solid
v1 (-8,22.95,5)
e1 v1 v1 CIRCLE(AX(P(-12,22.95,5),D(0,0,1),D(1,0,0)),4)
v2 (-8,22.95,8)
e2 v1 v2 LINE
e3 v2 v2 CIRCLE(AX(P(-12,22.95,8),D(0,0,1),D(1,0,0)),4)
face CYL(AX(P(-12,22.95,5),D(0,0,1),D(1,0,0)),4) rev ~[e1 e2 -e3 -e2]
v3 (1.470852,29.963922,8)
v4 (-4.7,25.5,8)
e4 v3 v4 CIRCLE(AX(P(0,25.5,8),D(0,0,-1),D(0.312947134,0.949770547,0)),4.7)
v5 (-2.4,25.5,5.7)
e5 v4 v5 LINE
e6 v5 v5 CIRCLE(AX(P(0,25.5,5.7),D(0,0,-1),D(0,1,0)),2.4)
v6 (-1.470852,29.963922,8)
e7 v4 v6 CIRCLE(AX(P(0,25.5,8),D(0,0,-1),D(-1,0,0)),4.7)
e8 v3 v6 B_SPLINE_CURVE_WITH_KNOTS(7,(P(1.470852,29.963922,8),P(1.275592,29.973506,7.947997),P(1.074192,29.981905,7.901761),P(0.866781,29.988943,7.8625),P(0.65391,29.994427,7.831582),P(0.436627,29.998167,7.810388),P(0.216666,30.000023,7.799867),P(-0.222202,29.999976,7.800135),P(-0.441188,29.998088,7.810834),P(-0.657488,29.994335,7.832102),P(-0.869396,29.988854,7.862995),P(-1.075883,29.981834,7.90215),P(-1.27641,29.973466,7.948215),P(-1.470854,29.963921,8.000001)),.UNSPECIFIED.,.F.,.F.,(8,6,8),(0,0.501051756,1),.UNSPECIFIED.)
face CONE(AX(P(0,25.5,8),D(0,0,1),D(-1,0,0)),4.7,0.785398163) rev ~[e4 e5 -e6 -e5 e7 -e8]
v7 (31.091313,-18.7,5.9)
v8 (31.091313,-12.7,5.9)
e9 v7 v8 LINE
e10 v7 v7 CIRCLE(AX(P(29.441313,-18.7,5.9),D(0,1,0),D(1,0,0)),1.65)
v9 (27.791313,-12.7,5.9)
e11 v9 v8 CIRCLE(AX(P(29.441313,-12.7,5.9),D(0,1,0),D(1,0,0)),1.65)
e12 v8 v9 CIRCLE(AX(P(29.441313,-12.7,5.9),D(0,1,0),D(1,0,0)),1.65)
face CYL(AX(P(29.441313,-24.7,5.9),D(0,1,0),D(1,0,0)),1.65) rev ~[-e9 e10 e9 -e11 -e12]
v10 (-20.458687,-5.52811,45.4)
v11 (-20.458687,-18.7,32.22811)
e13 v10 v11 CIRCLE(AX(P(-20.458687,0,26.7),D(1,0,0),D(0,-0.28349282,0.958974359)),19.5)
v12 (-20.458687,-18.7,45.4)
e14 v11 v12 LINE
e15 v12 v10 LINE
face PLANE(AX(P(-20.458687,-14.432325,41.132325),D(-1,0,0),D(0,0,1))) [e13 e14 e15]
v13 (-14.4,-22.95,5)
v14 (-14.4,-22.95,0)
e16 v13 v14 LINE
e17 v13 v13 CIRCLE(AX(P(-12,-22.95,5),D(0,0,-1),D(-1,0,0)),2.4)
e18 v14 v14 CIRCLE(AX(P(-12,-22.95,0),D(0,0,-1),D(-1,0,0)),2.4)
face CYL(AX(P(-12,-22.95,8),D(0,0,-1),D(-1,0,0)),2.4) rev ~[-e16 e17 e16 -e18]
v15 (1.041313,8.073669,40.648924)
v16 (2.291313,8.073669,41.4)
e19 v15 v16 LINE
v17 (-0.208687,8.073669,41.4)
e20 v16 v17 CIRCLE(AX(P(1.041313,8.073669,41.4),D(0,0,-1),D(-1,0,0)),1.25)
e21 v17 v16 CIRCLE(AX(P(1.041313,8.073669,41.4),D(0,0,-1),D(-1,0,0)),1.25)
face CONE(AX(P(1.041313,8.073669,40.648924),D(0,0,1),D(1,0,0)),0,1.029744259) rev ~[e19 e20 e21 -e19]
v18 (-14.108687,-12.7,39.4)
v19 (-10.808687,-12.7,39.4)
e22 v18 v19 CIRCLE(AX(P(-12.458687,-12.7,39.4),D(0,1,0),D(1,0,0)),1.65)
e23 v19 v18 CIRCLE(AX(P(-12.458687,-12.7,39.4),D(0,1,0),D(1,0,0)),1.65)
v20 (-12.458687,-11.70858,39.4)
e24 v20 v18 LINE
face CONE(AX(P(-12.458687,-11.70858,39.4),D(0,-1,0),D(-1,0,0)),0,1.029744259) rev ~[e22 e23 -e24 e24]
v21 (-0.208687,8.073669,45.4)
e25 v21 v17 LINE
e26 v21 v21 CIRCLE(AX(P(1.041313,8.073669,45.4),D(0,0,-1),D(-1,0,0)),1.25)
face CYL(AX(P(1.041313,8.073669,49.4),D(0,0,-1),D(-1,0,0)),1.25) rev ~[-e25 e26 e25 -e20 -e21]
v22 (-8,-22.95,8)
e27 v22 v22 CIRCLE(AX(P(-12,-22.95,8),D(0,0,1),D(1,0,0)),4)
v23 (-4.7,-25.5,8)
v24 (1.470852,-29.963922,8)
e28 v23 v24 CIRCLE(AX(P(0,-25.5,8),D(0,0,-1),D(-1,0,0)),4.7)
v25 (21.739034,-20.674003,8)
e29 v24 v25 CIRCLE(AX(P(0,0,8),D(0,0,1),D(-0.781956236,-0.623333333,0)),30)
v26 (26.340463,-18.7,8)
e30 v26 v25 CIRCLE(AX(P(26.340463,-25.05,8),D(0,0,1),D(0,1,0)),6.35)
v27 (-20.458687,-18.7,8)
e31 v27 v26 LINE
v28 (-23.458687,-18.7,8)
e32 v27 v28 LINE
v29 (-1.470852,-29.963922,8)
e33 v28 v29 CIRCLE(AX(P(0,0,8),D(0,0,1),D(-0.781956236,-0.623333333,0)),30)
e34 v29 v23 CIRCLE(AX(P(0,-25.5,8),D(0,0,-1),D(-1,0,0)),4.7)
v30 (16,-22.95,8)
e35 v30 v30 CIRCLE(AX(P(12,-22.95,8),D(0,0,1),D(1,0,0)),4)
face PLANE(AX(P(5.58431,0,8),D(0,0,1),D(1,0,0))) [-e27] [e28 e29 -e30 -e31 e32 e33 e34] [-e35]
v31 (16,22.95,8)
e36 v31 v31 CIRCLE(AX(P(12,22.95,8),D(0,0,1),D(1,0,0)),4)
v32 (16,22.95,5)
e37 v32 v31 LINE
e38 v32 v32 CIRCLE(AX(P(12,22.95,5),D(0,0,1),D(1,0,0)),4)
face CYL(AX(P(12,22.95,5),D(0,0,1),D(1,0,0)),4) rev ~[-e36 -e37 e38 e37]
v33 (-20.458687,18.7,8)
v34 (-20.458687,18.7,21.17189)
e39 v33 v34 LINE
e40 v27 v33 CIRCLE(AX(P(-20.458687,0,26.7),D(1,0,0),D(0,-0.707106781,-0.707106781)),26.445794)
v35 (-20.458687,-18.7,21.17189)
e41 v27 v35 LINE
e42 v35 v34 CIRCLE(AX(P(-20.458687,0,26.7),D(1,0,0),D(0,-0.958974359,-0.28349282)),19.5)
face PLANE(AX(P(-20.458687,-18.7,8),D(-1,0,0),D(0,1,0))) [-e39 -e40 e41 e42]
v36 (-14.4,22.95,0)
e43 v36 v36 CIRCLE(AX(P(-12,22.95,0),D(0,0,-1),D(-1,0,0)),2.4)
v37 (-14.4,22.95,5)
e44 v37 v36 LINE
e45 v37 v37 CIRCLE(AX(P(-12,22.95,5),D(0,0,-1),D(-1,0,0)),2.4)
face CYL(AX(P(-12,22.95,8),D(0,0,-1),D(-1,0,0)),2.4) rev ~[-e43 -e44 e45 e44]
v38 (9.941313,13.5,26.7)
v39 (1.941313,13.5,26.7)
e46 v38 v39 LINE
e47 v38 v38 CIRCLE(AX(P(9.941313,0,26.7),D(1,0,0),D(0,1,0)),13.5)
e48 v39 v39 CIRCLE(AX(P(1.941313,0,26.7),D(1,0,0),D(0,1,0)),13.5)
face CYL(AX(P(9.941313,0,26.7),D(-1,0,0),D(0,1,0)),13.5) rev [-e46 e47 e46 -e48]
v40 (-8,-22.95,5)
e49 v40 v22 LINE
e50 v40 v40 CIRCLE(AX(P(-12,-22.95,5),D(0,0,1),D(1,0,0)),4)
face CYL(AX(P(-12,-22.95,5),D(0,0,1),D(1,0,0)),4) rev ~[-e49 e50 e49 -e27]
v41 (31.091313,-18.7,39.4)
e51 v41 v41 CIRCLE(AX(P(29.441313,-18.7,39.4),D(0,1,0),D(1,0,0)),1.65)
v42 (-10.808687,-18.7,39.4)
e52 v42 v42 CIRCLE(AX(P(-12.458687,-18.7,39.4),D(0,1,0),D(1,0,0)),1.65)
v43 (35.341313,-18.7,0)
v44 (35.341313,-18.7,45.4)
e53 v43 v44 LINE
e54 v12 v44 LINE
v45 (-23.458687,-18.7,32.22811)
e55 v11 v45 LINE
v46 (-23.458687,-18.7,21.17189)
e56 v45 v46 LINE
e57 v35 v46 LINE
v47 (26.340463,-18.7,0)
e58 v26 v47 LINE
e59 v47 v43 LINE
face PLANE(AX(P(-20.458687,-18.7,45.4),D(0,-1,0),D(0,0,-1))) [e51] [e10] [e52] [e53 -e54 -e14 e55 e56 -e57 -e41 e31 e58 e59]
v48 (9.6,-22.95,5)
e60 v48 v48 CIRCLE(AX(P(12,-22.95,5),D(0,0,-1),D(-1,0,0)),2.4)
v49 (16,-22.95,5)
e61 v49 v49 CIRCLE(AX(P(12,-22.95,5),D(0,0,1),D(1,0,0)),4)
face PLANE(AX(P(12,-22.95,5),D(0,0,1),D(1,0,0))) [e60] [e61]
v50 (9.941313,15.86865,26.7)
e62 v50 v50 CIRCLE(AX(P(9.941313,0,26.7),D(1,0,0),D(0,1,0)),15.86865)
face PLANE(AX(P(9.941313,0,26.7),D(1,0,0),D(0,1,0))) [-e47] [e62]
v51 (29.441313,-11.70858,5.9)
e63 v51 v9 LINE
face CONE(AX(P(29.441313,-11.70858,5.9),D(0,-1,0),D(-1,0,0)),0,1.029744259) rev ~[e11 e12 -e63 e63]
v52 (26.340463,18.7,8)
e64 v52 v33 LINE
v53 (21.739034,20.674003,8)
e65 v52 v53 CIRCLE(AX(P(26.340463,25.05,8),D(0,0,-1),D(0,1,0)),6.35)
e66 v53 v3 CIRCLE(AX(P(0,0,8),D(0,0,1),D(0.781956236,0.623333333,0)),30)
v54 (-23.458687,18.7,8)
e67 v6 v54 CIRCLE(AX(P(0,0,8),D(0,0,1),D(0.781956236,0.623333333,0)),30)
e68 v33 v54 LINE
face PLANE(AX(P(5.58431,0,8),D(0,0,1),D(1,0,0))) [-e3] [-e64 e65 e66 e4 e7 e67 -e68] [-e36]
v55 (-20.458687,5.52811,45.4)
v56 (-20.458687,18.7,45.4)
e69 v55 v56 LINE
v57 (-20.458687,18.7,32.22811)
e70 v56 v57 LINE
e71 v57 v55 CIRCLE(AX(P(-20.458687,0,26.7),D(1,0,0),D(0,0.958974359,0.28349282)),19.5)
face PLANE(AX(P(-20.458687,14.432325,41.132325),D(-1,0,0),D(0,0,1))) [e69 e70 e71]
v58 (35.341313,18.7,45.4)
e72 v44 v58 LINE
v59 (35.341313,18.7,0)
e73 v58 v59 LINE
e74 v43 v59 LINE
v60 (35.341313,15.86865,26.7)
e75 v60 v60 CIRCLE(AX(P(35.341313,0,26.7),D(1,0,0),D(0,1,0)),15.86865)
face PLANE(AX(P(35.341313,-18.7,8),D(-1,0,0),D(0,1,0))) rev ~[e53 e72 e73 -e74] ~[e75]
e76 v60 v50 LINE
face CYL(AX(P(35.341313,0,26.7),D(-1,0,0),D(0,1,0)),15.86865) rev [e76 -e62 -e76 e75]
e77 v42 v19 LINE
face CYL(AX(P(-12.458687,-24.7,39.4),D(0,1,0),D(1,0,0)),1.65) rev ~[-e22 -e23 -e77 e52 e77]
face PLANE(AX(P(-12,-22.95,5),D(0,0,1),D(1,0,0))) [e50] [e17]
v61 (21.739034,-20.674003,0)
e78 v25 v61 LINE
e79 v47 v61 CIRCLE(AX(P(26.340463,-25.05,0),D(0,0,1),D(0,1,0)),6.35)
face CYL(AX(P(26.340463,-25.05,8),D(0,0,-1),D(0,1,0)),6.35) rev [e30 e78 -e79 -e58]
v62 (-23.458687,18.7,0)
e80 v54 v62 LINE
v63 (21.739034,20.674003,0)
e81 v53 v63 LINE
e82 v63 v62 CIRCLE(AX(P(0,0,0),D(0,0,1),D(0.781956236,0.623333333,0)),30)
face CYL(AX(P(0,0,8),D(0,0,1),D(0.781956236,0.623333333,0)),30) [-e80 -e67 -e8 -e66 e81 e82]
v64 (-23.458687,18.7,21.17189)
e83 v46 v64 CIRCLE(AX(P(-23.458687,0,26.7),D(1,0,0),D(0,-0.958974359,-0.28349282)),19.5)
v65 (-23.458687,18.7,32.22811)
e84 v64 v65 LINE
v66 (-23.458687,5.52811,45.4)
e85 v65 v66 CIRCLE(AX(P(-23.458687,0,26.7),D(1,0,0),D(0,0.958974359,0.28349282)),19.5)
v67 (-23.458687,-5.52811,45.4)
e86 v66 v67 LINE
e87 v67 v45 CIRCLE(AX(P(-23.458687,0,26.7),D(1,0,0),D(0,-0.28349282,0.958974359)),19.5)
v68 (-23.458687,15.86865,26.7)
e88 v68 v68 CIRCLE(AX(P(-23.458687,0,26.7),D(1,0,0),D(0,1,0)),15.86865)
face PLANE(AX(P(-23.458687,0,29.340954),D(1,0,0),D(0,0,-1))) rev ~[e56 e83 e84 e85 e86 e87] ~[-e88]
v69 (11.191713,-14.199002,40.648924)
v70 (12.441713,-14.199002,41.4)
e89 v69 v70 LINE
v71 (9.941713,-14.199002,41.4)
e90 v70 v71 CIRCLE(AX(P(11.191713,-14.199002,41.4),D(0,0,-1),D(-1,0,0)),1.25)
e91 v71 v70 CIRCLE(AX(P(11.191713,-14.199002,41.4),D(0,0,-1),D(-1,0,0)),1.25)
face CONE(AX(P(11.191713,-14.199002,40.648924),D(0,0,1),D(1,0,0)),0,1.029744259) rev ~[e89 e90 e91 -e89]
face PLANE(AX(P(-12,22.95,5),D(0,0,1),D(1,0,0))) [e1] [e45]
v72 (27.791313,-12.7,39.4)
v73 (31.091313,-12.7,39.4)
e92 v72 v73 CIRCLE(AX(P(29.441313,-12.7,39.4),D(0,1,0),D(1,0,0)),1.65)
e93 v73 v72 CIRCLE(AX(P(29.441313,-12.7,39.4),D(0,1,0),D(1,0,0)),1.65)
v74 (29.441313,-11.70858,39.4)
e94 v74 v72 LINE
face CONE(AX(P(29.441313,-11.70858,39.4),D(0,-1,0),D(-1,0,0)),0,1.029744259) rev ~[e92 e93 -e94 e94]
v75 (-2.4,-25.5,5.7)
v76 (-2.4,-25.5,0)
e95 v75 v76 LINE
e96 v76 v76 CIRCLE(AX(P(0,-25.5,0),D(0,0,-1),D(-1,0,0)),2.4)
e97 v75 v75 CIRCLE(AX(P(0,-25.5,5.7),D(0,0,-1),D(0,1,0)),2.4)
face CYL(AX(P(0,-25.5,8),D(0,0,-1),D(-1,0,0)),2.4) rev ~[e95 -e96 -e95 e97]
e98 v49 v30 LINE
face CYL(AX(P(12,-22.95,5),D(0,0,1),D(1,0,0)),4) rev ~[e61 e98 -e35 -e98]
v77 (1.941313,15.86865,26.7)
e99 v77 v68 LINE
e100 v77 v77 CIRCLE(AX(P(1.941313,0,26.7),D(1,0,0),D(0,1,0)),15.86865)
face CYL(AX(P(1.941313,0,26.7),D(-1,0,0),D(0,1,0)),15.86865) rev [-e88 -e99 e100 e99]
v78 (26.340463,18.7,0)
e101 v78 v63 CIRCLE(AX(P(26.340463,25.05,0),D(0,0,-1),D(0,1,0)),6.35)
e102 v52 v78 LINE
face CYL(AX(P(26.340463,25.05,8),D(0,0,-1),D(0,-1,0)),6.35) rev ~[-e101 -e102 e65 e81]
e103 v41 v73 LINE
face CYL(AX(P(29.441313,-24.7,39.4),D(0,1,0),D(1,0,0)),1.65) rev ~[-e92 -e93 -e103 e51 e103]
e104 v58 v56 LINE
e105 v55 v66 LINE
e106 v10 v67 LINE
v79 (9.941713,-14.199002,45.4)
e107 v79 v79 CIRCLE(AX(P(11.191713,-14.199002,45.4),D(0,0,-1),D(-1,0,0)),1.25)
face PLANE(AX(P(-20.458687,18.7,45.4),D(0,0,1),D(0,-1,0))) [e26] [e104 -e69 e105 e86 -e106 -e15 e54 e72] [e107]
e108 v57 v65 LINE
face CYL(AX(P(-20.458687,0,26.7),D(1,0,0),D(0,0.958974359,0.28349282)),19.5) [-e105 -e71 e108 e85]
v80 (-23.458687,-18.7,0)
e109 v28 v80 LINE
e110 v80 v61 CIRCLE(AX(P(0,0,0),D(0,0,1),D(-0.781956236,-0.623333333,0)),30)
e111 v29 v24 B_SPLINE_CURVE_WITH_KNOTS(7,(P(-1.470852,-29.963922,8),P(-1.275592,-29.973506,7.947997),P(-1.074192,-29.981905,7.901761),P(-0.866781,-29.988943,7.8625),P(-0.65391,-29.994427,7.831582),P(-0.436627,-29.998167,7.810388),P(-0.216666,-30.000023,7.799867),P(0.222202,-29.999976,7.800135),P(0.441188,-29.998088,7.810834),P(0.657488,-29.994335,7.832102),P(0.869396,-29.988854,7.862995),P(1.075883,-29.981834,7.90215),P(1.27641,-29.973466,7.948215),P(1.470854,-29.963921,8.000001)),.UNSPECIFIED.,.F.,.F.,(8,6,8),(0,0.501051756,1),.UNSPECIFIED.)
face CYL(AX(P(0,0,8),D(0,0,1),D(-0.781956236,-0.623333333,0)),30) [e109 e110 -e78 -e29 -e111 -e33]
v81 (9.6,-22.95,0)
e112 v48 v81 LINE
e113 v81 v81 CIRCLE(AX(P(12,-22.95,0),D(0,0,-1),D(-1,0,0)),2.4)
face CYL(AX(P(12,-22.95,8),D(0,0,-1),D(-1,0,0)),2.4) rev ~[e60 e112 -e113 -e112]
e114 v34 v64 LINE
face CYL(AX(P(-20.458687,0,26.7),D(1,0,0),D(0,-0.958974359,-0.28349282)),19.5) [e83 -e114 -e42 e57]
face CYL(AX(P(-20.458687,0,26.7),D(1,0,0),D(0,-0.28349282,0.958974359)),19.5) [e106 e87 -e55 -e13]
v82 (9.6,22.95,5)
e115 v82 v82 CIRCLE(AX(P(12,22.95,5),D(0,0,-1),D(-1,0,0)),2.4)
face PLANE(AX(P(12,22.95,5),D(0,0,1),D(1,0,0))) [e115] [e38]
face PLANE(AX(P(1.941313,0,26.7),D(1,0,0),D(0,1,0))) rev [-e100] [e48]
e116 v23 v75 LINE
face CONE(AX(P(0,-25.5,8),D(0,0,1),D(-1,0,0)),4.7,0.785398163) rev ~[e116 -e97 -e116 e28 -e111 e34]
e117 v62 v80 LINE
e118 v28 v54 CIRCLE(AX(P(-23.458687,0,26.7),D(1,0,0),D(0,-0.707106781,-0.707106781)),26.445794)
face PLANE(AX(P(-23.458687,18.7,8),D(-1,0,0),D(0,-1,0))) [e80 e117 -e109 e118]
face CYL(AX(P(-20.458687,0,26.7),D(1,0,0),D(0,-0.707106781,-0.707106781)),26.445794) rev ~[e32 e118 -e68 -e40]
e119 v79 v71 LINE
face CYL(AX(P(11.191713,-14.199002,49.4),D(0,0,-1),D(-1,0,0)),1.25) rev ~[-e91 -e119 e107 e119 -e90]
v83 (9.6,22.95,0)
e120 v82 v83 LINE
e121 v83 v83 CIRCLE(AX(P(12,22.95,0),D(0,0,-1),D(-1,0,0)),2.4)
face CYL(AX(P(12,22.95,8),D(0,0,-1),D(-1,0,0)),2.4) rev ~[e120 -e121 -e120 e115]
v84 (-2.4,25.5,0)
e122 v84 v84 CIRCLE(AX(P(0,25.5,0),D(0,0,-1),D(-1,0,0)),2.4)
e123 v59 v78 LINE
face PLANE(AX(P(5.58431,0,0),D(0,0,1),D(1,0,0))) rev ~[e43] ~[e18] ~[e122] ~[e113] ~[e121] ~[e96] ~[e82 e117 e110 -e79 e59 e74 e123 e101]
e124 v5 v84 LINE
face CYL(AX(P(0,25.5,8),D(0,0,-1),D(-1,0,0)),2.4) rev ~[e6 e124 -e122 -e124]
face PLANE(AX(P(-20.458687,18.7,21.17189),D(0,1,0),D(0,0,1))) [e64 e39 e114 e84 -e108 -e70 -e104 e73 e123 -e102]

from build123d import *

# Parameters (mm, degrees)
BOSS_EXTRUDE1_DEPTH                             = 8
CUT_EXTRUDE1_REACH                              = 65.856
SKETCH4_W                                       = 55.8
SKETCH4_H                                       = 37.4
BOSS_EXTRUDE2_DEPTH                             = 37.4
BOSS_EXTRUDE3_DEPTH                             = 3
CUT_EXTRUDE2_START                              = -3
CUT_EXTRUDE2_DEPTH                              = 3
CUT_EXTRUDE3_START                              = -3
CUT_EXTRUDE3_DEPTH                              = 3
M4X0_7_TAPPED_HOLE1_D                           = 3.3
M4X0_7_TAPPED_HOLE1_DEPTH                       = 6
M4X0_7_TAPPED_HOLE1_TIP                         = 0.991420021
CSK_FOR_M4_FLAT_HEAD_MACHINE_SCREW1_D           = 4.8
CSK_FOR_M4_FLAT_HEAD_MACHINE_SCREW1_CSINK_D     = 9.4
CSK_FOR_M4_FLAT_HEAD_MACHINE_SCREW1_CSINK_ANGLE = 90
CBORE_FOR_M4_SHCS1_D                            = 4.8
CBORE_FOR_M4_SHCS1_CBORE_D                      = 8
CBORE_FOR_M4_SHCS1_CBORE_DEPTH                  = 3
M3X0_5_TAPPED_HOLE1_D                           = 2.5
M3X0_5_TAPPED_HOLE1_DEPTH                       = 4
M3X0_5_TAPPED_HOLE1_TIP                         = 0.751075774
FILLET1_R                                       = 6.35


with BuildPart() as part:
    # Sketch1 → Boss-Extrude1 (new body)
    with BuildSketch(Plane.XY.offset(8)):
        with BuildLine():
            Line((-23.45868709, 18.7), (-23.45868709, -18.7))
            ThreePointArc((-23.45868709, -18.7), (0, -30), (23.45868709, -18.7))
            Line((23.45868709, -18.7), (35.34131291, -18.7))
            Line((35.34131291, -18.7), (35.34131291, 18.7))
            Line((35.34131291, 18.7), (23.45868709, 18.7))
            ThreePointArc((23.45868709, 18.7), (0, 30), (-23.45868709, 18.7))
        make_face()
    extrude(amount=-BOSS_EXTRUDE1_DEPTH)

    # Sketch3 → Cut-Extrude1 (cut, up to next)
    with BuildSketch(Plane(origin=(-20.45868709, 0, 0), x_dir=(0, 0, -1), z_dir=(1, 0, 0)), mode=Mode.PRIVATE) as cut_extrude1_sk1:
        with BuildLine():
            Line((-8, 18.7), (-8, -18.7))
            ThreePointArc((-8, -18.7), (-0.254206384, 0), (-8, 18.7))
        make_face()
    cut_extrude1_tool1 = extrude(cut_extrude1_sk1.sketch, amount=-CUT_EXTRUDE1_REACH, mode=Mode.PRIVATE) & part.part
    add(cut_extrude1_tool1.solids().sort_by_distance((-20.458687, 0, 4.859168))[0], mode=Mode.SUBTRACT)

    # Sketch4 → Boss-Extrude2 (add)
    with BuildSketch(Plane.XY.offset(8)):
        with Locations((7.44131291, 0)):
            Rectangle(SKETCH4_W, SKETCH4_H)
    extrude(amount=BOSS_EXTRUDE2_DEPTH)

    # Sketch5 → Boss-Extrude3 (add)
    with BuildSketch(Plane.ZY.offset(20.45868709)):
        with BuildLine():
            Line((45.4, 18.7), (45.4, -18.7))
            Line((45.4, -18.7), (21.171890016, -18.7))
            ThreePointArc((21.171890016, -18.7), (7.2, 0), (21.171890016, 18.7))
            Line((21.171890016, 18.7), (45.4, 18.7))
        make_face()
    extrude(amount=BOSS_EXTRUDE3_DEPTH)

    # Sketch6 → Cut-Extrude2 (cut)
    with BuildSketch(Plane.ZY.offset(23.45868709).offset(CUT_EXTRUDE2_START)):
        with BuildLine():
            Line((45.4, -18.7), (45.4, -5.528109984))
            ThreePointArc((45.4, -5.528109984), (40.488582233, -13.788582233), (32.228109984, -18.7))
            Line((32.228109984, -18.7), (45.4, -18.7))
        make_face()
    extrude(amount=CUT_EXTRUDE2_DEPTH, mode=Mode.SUBTRACT)

    # Sketch7 → Cut-Extrude3 (cut)
    with BuildSketch(Plane.ZY.offset(23.45868709).offset(CUT_EXTRUDE3_START)):
        with BuildLine():
            Line((45.4, 18.7), (32.228109984, 18.7))
            ThreePointArc((32.228109984, 18.7), (40.488582233, 13.788582233), (45.4, 5.528109984))
            Line((45.4, 5.528109984), (45.4, 18.7))
        make_face()
    extrude(amount=CUT_EXTRUDE3_DEPTH, mode=Mode.SUBTRACT)

    # Sketch8 → Cut-Revolve1 (revolve, cut)
    with BuildSketch(Plane.XY.offset(26.7)):
        Polygon((-23.45868709, 15.86865), (-23.45868709, 0), (35.34131291, 0), (35.34131291, 15.86865), (9.94131291, 15.86865), (9.94131291, 13.5), (1.94131291, 13.5), (1.94131291, 15.86865), align=None)
    revolve(axis=Axis((-23.45868709, 0, 26.7), (1, 0, 0)), mode=Mode.SUBTRACT)

    # M4x0.7 Tapped Hole1
    with Locations(Plane(origin=(0, -18.7, 0), x_dir=(-1, 0, 0), z_dir=(0, -1, 0))):
        with Locations((12.45868709, -39.4), (-29.44131291, -39.4), (-29.44131291, -5.9)):
            Hole(M4X0_7_TAPPED_HOLE1_D / 2, depth=M4X0_7_TAPPED_HOLE1_DEPTH)
            with Locations((0, 0, -(M4X0_7_TAPPED_HOLE1_DEPTH + M4X0_7_TAPPED_HOLE1_TIP / 2))):  # 118° drill point
                Cone(0, M4X0_7_TAPPED_HOLE1_D / 2, M4X0_7_TAPPED_HOLE1_TIP, mode=Mode.SUBTRACT)

    # CSK for M4 Flat Head Machine Screw1 (through all)
    with Locations(Plane.XY.offset(8)):
        with Locations((0, -25.5), (0, 25.5)):
            CounterSinkHole(CSK_FOR_M4_FLAT_HEAD_MACHINE_SCREW1_D / 2, CSK_FOR_M4_FLAT_HEAD_MACHINE_SCREW1_CSINK_D / 2, counter_sink_angle=CSK_FOR_M4_FLAT_HEAD_MACHINE_SCREW1_CSINK_ANGLE)

    # CBORE for M4 SHCS1 (through all)
    with Locations(Plane.XY.offset(8)):
        with Locations((-12, -22.95), (12, -22.95), (12, 22.95), (-12, 22.95)):
            CounterBoreHole(CBORE_FOR_M4_SHCS1_D / 2, CBORE_FOR_M4_SHCS1_CBORE_D / 2, CBORE_FOR_M4_SHCS1_CBORE_DEPTH)

    # M3x0.5 Tapped Hole1
    with Locations(Plane.XY.offset(45.4)):
        with Locations((1.04131291, 8.07366885), (11.191713328, -14.199002102)):
            Hole(M3X0_5_TAPPED_HOLE1_D / 2, depth=M3X0_5_TAPPED_HOLE1_DEPTH)
            with Locations((0, 0, -(M3X0_5_TAPPED_HOLE1_DEPTH + M3X0_5_TAPPED_HOLE1_TIP / 2))):  # 118° drill point
                Cone(0, M3X0_5_TAPPED_HOLE1_D / 2, M3X0_5_TAPPED_HOLE1_TIP, mode=Mode.SUBTRACT)

    # Fillet1
    fillet1_edges = [part.edges().sort_by_distance(p)[0] for p in [
        (23.45868709, 18.7, 4),
        (23.45868709, -18.7, 4),
    ]]
    fillet(fillet1_edges, radius=FILLET1_R)


solid = part.part
